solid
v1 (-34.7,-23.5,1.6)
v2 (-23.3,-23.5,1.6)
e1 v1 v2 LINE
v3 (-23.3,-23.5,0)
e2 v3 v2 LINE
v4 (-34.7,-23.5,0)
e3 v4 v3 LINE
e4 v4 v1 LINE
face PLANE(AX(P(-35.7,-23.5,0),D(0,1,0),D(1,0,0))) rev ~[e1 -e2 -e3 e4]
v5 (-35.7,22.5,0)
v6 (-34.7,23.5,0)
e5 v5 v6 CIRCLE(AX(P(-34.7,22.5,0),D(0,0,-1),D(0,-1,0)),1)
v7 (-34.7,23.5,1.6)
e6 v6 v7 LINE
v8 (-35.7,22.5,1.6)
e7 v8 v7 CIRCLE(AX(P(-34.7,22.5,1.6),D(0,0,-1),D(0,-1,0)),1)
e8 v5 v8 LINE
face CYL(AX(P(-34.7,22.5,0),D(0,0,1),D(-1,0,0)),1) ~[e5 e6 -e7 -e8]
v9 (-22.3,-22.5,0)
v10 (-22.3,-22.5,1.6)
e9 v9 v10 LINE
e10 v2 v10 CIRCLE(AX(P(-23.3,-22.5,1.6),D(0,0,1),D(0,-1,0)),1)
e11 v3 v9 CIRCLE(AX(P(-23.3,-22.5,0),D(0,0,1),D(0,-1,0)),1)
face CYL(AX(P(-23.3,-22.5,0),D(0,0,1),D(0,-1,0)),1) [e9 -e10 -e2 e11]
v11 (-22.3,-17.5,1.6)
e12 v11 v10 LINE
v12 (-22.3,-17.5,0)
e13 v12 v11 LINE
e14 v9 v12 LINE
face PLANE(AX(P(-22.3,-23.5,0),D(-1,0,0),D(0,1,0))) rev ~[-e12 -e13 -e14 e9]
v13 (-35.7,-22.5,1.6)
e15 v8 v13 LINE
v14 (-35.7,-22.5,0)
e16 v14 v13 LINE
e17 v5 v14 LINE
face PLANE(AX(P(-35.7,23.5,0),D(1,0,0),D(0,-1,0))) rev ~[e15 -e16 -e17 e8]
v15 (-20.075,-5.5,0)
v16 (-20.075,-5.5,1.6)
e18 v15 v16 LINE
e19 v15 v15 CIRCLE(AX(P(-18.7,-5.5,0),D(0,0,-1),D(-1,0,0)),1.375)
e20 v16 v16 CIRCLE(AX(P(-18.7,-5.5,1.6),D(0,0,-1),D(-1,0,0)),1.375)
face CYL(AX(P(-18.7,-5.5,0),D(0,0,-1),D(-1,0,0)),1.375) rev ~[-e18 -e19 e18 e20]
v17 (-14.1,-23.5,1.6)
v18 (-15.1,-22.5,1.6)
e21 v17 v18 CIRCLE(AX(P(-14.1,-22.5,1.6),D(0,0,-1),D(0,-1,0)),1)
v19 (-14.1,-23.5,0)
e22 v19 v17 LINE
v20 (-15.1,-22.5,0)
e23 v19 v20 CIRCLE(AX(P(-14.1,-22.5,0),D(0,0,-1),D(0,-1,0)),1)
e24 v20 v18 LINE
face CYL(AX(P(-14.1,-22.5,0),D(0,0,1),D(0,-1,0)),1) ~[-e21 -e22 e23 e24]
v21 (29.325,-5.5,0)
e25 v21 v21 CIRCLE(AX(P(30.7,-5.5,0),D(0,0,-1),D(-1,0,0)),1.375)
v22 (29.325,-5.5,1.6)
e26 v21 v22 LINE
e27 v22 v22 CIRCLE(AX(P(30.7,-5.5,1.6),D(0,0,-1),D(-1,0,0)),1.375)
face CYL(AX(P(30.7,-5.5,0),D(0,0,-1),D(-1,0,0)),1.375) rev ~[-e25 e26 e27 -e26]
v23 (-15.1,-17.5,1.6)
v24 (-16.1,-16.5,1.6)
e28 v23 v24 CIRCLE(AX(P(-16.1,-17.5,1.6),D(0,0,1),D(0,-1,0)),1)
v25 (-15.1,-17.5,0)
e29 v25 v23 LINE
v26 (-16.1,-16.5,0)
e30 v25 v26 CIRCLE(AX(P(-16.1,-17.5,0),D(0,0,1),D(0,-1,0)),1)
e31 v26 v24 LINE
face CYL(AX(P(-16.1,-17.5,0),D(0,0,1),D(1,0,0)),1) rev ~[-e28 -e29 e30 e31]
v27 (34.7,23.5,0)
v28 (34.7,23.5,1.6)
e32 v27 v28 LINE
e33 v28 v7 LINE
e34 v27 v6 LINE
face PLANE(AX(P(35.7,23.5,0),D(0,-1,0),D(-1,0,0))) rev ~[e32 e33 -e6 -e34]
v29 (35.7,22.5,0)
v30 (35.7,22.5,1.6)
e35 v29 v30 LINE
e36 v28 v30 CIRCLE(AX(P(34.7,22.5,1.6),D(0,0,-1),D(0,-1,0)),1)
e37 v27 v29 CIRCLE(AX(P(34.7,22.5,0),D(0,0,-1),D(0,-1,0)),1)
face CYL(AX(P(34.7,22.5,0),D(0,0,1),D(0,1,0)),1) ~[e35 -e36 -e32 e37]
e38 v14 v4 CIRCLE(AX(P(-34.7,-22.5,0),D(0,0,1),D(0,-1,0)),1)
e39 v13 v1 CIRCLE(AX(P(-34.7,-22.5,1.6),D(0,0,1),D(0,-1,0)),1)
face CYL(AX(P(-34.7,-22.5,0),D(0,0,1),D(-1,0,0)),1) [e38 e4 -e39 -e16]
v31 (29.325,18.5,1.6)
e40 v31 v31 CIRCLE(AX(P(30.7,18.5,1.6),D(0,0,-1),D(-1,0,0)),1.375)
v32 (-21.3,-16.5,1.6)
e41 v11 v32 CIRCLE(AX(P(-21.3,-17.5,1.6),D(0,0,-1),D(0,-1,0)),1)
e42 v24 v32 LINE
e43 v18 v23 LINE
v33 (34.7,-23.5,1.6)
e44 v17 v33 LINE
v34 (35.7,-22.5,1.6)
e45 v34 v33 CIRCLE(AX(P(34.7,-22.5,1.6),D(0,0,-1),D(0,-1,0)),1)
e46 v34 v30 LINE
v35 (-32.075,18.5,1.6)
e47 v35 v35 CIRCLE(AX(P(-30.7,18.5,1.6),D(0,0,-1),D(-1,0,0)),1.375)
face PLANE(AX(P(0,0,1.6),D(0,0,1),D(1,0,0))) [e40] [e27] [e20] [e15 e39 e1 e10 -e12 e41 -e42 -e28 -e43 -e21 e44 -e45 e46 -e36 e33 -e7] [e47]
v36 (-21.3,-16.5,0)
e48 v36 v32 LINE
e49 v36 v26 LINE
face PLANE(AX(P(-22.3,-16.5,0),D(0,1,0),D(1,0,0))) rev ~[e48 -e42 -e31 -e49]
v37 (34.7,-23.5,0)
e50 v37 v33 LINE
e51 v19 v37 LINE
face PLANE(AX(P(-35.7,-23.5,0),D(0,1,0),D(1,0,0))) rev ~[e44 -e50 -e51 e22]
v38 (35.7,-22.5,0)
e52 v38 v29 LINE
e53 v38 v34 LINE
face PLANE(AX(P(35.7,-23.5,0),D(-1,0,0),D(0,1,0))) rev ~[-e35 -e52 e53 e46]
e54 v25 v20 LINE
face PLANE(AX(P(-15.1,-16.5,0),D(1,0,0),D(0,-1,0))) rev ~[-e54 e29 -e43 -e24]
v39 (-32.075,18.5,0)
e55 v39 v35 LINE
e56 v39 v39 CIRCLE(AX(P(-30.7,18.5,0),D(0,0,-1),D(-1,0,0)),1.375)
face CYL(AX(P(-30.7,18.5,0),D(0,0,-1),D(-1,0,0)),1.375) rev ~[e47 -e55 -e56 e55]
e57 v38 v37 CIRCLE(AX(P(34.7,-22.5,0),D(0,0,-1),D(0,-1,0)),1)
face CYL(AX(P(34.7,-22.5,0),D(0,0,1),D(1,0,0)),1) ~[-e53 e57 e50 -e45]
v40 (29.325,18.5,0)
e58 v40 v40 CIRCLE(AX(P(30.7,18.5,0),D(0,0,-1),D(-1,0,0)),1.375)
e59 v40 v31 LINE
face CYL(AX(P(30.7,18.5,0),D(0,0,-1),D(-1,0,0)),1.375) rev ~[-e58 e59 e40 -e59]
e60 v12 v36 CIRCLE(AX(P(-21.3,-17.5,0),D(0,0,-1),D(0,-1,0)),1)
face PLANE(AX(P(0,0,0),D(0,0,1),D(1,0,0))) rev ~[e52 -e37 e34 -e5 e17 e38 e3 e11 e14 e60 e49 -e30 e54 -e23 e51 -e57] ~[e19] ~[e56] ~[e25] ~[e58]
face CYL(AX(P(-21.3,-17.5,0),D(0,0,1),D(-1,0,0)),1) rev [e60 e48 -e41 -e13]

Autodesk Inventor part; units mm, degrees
ref_plane "YZ Plane" through (0, 0, 0) normal (1, 0, 0) x (0, 1, 0)
ref_plane "XZ Plane" through (0, 0, 0) normal (0, 1, 0) x (-1, 0, 0)
ref_plane "XY Plane" through (0, 0, 0) normal (0, 0, 1) x (1, 0, 0)
sketch "Sketch1" plane through (0, 0, 0) normal (0, 0, 1) x (1, 0, 0)
  line L0 (-35.7, -23.5) -> (35.7, -23.5)
  line L1 (35.7, -23.5) -> (35.7, 23.5)
  line L2 (35.7, 23.5) -> (-35.7, 23.5)
  line L3 (-35.7, 23.5) -> (-35.7, -23.5)
  line L4 (-35.7, -23.5) -> (35.7, 23.5) construction
  line L5 (35.7, -23.5) -> (-35.7, 23.5) construction
  point P0 (0, 0)
  dimension "d0" = 47
  dimension "d1" = 71.4
extrude "Extrusion1" add sketch "Sketch1" along normal blind 1.6
sketch "Sketch2" plane through (0, 0, 0) normal (0, 0, -1) x (-1, 0, 0)
  line L0 (35.7, -23.5) -> (-35.7, -23.5) projected
  line L1 (35.7, -23.5) -> (-35.7, -23.5) projected
  line L2 (15.1, -23.5) -> (22.3, -23.5)
  line L3 (22.3, -23.5) -> (22.3, -16.5)
  line L4 (22.3, -16.5) -> (15.1, -16.5)
  line L5 (15.1, -16.5) -> (15.1, -23.5)
  line L6 (-35.7, -23.5) -> (-35.7, 23.5) projected
  point P0 (0, 0)
  dimension "d4" = 50.8
  dimension "d5" = 7.2
  dimension "d6" = 7
extrude "Extrusion2" cut sketch "Sketch2" against normal through all
sketch "Sketch3" plane through (0, 0, 0) normal (0, 0, -1) x (-1, 0, 0)
  circle A0 centre (30.7, 18.5) radius 1.375
  circle A1 centre (-30.7, -5.5) radius 1.375
  circle A2 centre (-30.7, 18.5) radius 1.375
  line L0 (35.7, 23.5) -> (35.7, -23.5) projected
  line L1 (-35.7, 23.5) -> (35.7, 23.5) projected
  line L2 (-35.7, -23.5) -> (-35.7, 23.5) projected
  line L3 (15.1, -23.5) -> (-35.7, -23.5) projected
  circle A3 centre (18.7, -5.5) radius 1.375
  line L4 (15.1, -23.5) -> (15.1, -16.5) projected
  line L5 (22.3, -16.5) -> (22.3, -23.5) projected
  point P0 (0, 0)
  dimension "d9" = 2.75
  dimension "d10" = 2.75
  dimension "d11" = 2.75
  dimension "d12" = 5
  dimension "d13" = 5
  dimension "d14" = 5
  dimension "d15" = 5
  dimension "d16" = 5
  dimension "d17" = 18
  dimension "d20" = 2.75
  dimension "d21" = 0
  dimension "d22" = 7.2
  dimension "d23" = 3.6
extrude "Extrusion3" cut sketch "Sketch3" against normal through all
fillet "Fillet1" radius 1 8 edges at (35.7, 23.5, 0.8) (-35.7, 23.5, 0.8) (-35.7, -23.5, 0.8) (-15.1, -23.5, 0.8) (-22.3, -23.5, 0.8) (-15.1, -16.5, 0.8) (-22.3, -16.5, 0.8) (35.7, -23.5, 0.8)
sketch "PWR_PCBA_OUTLINE" plane through (0, 0, 0) normal (0, 0, -1) x (-1, 0, 0)
  line L0 (16.1, -16.5) -> (21.3, -16.5) projected
  arc A0 (16.1, -16.5) -> (15.1, -17.5) centre (16.1, -17.5) ccw projected
  line L1 (15.1, -22.5) -> (15.1, -17.5) projected
  arc A1 (14.1, -23.5) -> (15.1, -22.5) centre (14.1, -22.5) ccw projected
  line L2 (14.1, -23.5) -> (-34.7, -23.5) projected
  arc A2 (-35.7, -22.5) -> (-34.7, -23.5) centre (-34.7, -22.5) ccw projected
  line L3 (-35.7, -22.5) -> (-35.7, 22.5) projected
  arc A3 (-34.7, 23.5) -> (-35.7, 22.5) centre (-34.7, 22.5) ccw projected
  line L4 (-34.7, 23.5) -> (34.7, 23.5) projected
  arc A4 (35.7, 22.5) -> (34.7, 23.5) centre (34.7, 22.5) ccw projected
  line L5 (35.7, 22.5) -> (35.7, -22.5) projected
  arc A5 (34.7, -23.5) -> (35.7, -22.5) centre (34.7, -22.5) ccw projected
  line L6 (34.7, -23.5) -> (23.3, -23.5) projected
  arc A6 (22.3, -22.5) -> (23.3, -23.5) centre (23.3, -22.5) ccw projected
  line L7 (22.3, -17.5) -> (22.3, -22.5) projected
  arc A7 (22.3, -17.5) -> (21.3, -16.5) centre (21.3, -17.5) ccw projected
  circle A8 centre (12.56, -19.5) radius 0.7937
  circle A9 centre (-33.16, -19.5) radius 0.7938
  line L8 (28.691, 15) -> (37.2, 15)
  line L9 (28.691, -10.908) -> (37.2, -10.908)
  line L10 (28.691, -10.908) -> (28.691, -10.4)
  line L11 (28.691, 14.492) -> (28.691, 15)
  line L12 (27.3702, 13.8697) -> (26.9638, 13.8697)
  line L13 (27.3702, 13.623) -> (27.3702, 13.8697)
  line L14 (27.3702, 13.623) -> (27.3702, 13.329)
  line L15 (27.3702, 13.0823) -> (27.3702, 13.329)
  line L16 (26.9638, 13.0823) -> (27.3702, 13.0823)
  line L17 (26.9638, 13.329) -> (26.9638, 13.0823)
  line L18 (26.9638, 13.329) -> (26.9638, 13.623)
  line L19 (26.9638, 13.8697) -> (26.9638, 13.623)
  line L20 (24.8302, -9.237) -> (24.8302, -9.531)
  line L21 (24.8302, -9.237) -> (24.8302, -8.9903)
  line L22 (24.8302, -8.9903) -> (24.4238, -8.9903)
  line L23 (24.4238, -8.9903) -> (24.4238, -9.237)
  line L24 (24.4238, -9.531) -> (24.4238, -9.237)
  line L25 (24.4238, -9.531) -> (24.4238, -9.7777)
  line L26 (24.4238, -9.7777) -> (24.8302, -9.7777)
  line L27 (24.8302, -9.7777) -> (24.8302, -9.531)
  circle A10 centre (24.627, -9.384) radius 0.2032
  circle A11 centre (27.167, 13.476) radius 0.2032
  circle A12 centre (18.7, -5.5) radius 1.375 projected
  circle A13 centre (30.7, 18.5) radius 1.375 projected
  circle A14 centre (-30.7, 18.5) radius 1.375 projected
  circle A15 centre (-30.7, -5.5) radius 1.375 projected
  circle A16 centre (-33.16, -13.5) radius 0.7938
  circle A17 centre (12.56, -13.5) radius 0.7937
  point P0 (0, 0)
  dimension "d29" = 0.7874
  dimension "d30" = 0.3937
  dimension "d31" = 0.3937
  dimension "d32" = 0.7874
equation "\"d10\" = d9"
equation "\"d11\" = d9"
equation "\"d13\" = d12"
equation "\"d14\" = d12"
equation "\"d15\" = d12"
equation "\"d16\" = d12"
equation "\"d20\" = d9"
equation "\"d23\" = 0.5 * d22"
equation "\"d30\" = 0.5 * d29"
equation "\"d31\" = 0.5 * d32"
properties part number "IO_HEADER_PCB"
